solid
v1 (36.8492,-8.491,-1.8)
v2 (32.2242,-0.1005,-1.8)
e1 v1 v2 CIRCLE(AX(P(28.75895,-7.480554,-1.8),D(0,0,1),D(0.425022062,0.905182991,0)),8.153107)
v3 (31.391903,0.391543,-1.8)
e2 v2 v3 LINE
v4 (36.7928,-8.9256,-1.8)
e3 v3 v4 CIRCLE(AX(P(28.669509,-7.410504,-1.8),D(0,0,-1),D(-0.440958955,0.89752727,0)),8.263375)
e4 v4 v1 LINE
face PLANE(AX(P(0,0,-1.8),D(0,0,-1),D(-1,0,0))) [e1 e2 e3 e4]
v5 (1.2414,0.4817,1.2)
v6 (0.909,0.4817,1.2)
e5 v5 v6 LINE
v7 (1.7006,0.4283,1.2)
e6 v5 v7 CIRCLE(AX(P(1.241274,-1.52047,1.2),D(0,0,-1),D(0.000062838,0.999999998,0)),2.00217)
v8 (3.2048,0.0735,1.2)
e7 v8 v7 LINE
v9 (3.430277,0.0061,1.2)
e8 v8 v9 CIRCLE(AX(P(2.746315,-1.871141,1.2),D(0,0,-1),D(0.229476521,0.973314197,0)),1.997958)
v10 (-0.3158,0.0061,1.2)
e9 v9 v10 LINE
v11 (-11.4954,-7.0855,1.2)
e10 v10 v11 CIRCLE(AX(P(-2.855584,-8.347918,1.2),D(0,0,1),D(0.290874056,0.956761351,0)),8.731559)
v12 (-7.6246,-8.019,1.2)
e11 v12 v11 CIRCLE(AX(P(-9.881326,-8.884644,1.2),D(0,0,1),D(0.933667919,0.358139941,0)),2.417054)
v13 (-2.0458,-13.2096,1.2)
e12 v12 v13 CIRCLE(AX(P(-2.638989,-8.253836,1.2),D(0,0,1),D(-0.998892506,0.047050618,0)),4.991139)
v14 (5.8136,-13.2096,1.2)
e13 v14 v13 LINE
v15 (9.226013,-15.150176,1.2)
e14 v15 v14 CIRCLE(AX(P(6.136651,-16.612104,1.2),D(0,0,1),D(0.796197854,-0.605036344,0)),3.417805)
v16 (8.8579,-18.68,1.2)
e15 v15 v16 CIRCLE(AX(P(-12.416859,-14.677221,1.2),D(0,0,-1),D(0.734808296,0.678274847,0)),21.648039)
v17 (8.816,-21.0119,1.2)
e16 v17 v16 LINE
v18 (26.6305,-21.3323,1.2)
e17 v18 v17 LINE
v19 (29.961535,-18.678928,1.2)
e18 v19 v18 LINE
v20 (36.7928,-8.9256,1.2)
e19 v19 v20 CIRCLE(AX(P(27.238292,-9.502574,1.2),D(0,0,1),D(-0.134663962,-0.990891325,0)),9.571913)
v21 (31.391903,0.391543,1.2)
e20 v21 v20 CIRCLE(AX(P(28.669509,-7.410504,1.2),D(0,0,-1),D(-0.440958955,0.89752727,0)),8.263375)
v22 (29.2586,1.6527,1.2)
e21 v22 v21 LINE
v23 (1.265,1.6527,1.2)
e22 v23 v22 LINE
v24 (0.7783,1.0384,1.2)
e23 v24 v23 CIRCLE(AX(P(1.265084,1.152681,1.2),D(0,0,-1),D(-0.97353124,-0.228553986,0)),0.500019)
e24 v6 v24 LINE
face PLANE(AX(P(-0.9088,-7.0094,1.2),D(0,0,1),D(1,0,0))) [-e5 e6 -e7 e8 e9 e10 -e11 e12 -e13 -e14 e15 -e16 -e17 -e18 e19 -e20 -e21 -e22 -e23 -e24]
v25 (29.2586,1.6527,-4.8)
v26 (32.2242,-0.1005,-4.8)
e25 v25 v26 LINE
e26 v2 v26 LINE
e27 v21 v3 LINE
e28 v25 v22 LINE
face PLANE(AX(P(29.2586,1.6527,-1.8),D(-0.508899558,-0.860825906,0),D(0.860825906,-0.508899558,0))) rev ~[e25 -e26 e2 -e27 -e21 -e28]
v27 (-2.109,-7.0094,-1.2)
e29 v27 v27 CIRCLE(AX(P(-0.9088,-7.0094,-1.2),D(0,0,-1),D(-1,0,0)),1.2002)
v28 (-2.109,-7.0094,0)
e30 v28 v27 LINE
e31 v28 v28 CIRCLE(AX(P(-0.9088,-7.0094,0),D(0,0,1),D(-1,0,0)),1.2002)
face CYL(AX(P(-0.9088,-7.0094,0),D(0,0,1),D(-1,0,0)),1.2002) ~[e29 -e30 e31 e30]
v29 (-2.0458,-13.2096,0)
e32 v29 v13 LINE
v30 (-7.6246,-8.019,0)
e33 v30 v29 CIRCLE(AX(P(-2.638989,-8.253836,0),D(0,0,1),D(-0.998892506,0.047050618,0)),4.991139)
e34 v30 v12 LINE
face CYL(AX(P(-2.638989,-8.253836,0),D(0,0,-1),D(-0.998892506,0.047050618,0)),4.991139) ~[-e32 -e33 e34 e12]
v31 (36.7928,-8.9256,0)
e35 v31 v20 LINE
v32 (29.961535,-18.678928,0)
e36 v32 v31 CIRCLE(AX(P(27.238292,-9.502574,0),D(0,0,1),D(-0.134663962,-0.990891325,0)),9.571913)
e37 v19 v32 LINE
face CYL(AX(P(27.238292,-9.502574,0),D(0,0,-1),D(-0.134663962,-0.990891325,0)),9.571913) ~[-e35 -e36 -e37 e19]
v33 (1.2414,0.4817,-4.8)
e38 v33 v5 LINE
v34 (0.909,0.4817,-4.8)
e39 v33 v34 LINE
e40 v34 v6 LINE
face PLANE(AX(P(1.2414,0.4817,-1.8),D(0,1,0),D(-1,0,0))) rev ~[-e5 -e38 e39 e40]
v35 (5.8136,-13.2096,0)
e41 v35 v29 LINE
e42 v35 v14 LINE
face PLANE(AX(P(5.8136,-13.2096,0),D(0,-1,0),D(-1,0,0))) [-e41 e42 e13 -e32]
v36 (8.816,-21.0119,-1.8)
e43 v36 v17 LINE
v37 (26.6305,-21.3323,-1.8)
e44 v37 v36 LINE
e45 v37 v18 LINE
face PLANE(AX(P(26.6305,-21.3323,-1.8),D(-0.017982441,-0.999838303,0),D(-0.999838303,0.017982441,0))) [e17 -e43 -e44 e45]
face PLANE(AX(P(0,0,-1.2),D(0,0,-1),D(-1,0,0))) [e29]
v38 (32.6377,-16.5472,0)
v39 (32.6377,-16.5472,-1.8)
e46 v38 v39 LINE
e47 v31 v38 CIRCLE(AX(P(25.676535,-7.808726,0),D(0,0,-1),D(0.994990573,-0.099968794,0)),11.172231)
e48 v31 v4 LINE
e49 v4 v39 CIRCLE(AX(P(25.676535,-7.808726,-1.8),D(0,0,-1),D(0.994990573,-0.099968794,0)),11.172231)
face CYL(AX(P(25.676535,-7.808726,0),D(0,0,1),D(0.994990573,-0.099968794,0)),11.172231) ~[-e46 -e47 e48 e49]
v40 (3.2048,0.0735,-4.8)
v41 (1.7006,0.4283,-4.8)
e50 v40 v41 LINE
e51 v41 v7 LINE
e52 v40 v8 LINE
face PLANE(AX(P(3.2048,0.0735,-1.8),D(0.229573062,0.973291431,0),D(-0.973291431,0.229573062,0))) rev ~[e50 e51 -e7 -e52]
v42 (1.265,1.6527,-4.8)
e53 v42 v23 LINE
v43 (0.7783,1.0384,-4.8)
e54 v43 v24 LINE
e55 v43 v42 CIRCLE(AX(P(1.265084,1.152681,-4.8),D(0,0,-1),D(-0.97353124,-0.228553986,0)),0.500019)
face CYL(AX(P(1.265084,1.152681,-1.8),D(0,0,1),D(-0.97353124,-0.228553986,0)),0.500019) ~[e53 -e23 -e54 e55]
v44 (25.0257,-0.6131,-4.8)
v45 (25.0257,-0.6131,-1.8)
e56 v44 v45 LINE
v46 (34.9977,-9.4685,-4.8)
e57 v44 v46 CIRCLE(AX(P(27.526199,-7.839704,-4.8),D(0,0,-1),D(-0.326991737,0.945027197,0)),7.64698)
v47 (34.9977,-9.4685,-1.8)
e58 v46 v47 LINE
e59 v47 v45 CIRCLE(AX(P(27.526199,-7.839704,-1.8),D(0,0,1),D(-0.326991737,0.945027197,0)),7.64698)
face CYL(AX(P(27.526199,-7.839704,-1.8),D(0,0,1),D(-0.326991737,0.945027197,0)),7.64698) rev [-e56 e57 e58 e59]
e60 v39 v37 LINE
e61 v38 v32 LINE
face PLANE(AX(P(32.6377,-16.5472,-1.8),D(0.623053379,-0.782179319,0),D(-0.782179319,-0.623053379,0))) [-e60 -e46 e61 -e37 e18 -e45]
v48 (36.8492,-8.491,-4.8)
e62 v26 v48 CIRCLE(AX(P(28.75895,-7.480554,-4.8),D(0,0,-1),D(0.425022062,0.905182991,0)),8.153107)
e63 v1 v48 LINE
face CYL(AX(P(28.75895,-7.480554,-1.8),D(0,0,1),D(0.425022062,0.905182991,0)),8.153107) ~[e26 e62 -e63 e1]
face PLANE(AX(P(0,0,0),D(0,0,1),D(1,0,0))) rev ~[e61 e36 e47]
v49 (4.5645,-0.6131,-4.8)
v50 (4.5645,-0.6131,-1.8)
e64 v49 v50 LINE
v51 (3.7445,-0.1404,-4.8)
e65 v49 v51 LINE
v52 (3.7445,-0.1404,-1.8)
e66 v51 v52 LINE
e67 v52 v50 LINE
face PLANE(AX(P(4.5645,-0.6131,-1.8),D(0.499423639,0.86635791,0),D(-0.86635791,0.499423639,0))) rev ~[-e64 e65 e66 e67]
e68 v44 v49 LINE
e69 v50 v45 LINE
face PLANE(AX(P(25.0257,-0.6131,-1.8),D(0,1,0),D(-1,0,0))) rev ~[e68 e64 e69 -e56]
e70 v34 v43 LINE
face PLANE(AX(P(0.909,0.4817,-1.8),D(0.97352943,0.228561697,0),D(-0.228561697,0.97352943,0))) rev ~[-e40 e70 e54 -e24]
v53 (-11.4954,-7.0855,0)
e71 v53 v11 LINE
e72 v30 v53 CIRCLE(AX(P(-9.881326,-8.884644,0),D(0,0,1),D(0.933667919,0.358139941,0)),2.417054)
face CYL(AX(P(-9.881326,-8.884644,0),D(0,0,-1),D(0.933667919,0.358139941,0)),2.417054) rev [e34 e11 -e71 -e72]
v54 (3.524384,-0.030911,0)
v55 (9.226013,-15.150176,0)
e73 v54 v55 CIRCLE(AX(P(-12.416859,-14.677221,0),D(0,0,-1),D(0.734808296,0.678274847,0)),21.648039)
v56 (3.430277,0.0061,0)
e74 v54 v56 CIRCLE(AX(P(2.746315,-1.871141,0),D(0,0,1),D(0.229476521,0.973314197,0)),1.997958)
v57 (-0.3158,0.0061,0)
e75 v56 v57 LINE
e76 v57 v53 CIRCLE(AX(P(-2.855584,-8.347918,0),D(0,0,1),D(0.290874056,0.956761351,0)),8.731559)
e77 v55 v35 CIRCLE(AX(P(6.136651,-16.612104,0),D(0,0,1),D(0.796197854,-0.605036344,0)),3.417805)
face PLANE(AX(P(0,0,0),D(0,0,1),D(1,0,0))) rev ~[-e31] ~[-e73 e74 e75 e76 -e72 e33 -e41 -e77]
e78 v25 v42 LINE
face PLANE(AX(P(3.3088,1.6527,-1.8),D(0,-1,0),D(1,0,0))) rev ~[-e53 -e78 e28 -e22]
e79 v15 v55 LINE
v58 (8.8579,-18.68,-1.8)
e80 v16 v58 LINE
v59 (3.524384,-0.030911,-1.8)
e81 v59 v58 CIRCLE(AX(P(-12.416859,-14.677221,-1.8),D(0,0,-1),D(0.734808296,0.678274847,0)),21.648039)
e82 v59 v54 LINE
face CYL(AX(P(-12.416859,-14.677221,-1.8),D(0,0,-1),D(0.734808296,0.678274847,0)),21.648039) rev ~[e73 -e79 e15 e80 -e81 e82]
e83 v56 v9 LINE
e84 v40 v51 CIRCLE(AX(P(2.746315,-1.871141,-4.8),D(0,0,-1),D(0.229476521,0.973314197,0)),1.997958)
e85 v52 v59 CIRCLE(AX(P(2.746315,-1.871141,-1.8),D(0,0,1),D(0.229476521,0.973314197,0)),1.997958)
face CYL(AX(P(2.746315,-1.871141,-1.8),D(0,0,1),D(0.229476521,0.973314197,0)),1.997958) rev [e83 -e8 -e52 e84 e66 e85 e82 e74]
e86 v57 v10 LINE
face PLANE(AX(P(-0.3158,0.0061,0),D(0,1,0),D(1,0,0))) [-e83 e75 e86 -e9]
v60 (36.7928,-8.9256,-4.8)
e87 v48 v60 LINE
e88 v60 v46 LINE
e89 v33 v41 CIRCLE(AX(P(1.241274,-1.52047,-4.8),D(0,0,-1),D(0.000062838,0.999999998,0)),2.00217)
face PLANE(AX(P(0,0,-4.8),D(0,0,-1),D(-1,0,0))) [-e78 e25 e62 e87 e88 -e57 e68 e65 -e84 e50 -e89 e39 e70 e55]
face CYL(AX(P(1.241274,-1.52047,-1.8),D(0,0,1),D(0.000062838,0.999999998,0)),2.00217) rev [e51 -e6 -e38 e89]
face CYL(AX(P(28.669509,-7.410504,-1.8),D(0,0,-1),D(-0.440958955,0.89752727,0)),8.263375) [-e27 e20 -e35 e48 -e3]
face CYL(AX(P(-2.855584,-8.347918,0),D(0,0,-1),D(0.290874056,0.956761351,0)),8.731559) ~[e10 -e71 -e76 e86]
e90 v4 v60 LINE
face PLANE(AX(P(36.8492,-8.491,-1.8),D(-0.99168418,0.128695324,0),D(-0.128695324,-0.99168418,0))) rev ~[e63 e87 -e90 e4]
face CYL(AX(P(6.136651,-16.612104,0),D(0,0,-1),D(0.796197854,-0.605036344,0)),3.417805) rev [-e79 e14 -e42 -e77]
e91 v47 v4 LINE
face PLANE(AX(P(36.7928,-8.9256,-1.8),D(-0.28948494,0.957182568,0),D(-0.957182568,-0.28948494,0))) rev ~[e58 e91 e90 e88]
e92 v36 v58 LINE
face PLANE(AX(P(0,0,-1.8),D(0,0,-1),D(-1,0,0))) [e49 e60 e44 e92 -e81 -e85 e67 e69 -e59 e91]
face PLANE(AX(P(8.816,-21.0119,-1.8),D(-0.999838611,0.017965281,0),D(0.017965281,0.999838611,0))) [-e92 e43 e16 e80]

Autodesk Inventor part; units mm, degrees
ref_plane "YZ Plane" through (0, 0, 0) normal (1, 0, 0) x (0, 1, 0)
ref_plane "XZ Plane" through (0, 0, 0) normal (0, 1, 0) x (-1, 0, 0)
ref_plane "XY Plane" through (0, 0, 0) normal (0, 0, 1) x (1, 0, 0)
sketch "Boceto1" plane through (0, 0, 0) normal (0, 0, 1) x (1, 0, 0)
  line L0 (26.0808, -19.0043) -> (25.4762, -18.9788)
  line L1 (8.8579, -18.68) -> (25.4762, -18.9788)
  line L2 (0, 0.0061) -> (25.0257, 0.0061)
  line L3 (0, 0.0061) -> (25.0257, 0.0061)
  line L4 (-1.5746, -5.9665) -> (-0.3149, -5.9665)
  circle A0 centre (-0.9088, -7.0094) radius 1.2002
  arc A1 (25.9493, -18.9873) -> (36.7928, -8.9256) centre (27.2383, -9.5026) ccw
  line L5 (5.8136, -13.2096) -> (-2.0458, -13.2096)
  arc A2 (8.8579, -18.68) -> (5.8136, -13.2096) centre (6.1366, -16.6121) ccw
  arc A3 (-7.6246, -8.019) -> (-2.0458, -13.2096) centre (-2.6389, -8.2538) ccw
  line L6 (-7.6246, -8.019) -> (-7.6206, -7.9467)
  arc A4 (-7.6246, -8.019) -> (-11.4954, -7.0855) centre (-9.8812, -8.8845) ccw
  arc A5 (-0.3158, 0.0061) -> (-11.4954, -7.0855) centre (-2.8556, -8.3478) ccw
  line L7 (-0.3158, 0.0061) -> (0, 0.0061)
  arc A6 (36.7928, -8.9256) -> (25.0257, 0.0061) centre (28.6695, -7.4106) ccw
extrude "Extrusión1" add sketch "Boceto1" along normal blind 1.2
sketch "Boceto2" plane through (0, 0, 0) normal (0, 0, -1) x (-1, 0, 0)
  arc A0 (-3.4903, 0.0061) -> (-8.8579, -18.68) centre (12.417, -14.6773) ccw
  line L0 (-3.4903, 0.0061) -> (-25.0257, 0.0061)
  arc A1 (-25.0257, 0.0061) -> (-36.7928, -8.9256) centre (-28.6695, -7.4106) ccw projected
  arc A2 (-25.0257, 0.0061) -> (-36.7928, -8.9256) centre (-28.6695, -7.4106) ccw
  arc A3 (-36.7928, -8.9256) -> (-32.6377, -16.5472) centre (-25.6771, -7.8089) ccw
  line L1 (-32.6377, -16.5472) -> (-26.6305, -21.3323)
  line L2 (-26.6305, -21.3323) -> (-8.816, -21.0119)
  line L3 (-8.816, -21.0119) -> (-8.8579, -18.68)
  point P0 (0, 0)
  point P1 (-25.4762, -18.9788)
  point P2 (-27.1681, -7.0263)
  point P3 (-11.7669, -7.0263)
extrude "Extrusión2" add sketch "Boceto2" along normal blind 1.8
sketch "Boceto3" plane through (0, 0, -1.8) normal (0, 0, -1) x (-1, 0, 0)
  arc A0 (-32.2242, -0.1005) -> (-36.8492, -8.491) centre (-28.759, -7.4805) ccw
  line L0 (-36.7928, -8.9256) -> (-34.9977, -9.4685)
  arc A1 (-25.0257, -0.6131) -> (-34.9977, -9.4685) centre (-27.5262, -7.8397) ccw
  line L1 (-25.0257, -0.6131) -> (-4.5645, -0.6131)
  line L2 (-4.5645, -0.6131) -> (-3.7445, -0.1404)
  line L3 (-3.2048, 0.0735) -> (-1.7006, 0.4283)
  line L4 (-1.901, 1.6527) -> (-29.2586, 1.6527)
  line L5 (-29.2586, 1.6527) -> (-33.0913, -0.6131)
  line L6 (-36.8492, -8.491) -> (-36.7928, -8.9256)
  line L7 (-1.2414, 0.4817) -> (-0.909, 0.4817)
  line L8 (-0.909, 0.4817) -> (-0.7783, 1.0384)
  line L9 (-1.265, 1.6527) -> (-3.3088, 1.6527)
  arc A2 (-3.2048, 0.0735) -> (-3.7445, -0.1404) centre (-2.7457, -1.8731) ccw
  arc A3 (-1.2414, 0.4817) -> (-1.7006, 0.4283) centre (-1.2414, -1.5183) ccw
  arc A4 (-0.7783, 1.0384) -> (-1.265, 1.6527) centre (-1.265, 1.1527) ccw
  point P0 (-3.4903, 0.0061)
  point P1 (-26.0808, -19.0043)
  point P2 (-8.8579, -18.68)
  point P3 (-1.4741, 0.4817)
  point P4 (-36.5961, -8.5348)
  point P5 (-33.0913, -0.6131)
  dimension "d15" = 2
  dimension "d16" = 0.5
extrude "Extrusión3" add sketch "Boceto3" along normal mid plane 6
sketch "Boceto4" plane through (0, 0, 0) normal (0, 0, -1) x (-1, 0, 0)
  circle A0 centre (0.9088, -7.0094) radius 1.2002 projected
  circle A1 centre (0.9088, -7.0094) radius 1.2002
  point P0 (0, 0)
extrude "Extrusión4" add sketch "Boceto4" along normal blind 1.2
sketch "Boceto5" plane through (-0.9088, -7.0094, 0) normal (0, 0, 1) x (1, 0, 0)
  circle A0 centre (0, 0) radius 1.2002 projected
  circle A1 centre (0, 0) radius 1.2002
  point P0 (0.9088, 7.0094)
extrude "Extrusión5" add sketch "Boceto5" along normal blind 1.2
sketch "Boceto13" plane through (0, 0, -1.8) normal (0, 0, -1) x (-1, 0, 0)
  arc A0 (-3.4903, 0.0061) -> (-8.8579, -18.68) centre (12.417, -14.6773) ccw
  line L0 (-3.4903, 0.0061) -> (-25.0257, 0.0061)
  arc A1 (-25.0257, 0.0061) -> (-36.7928, -8.9256) centre (-28.6695, -7.4106) ccw
  arc A2 (-25.0257, 0.0061) -> (-36.7928, -8.9256) centre (-28.6695, -7.4106) ccw
  arc A3 (-36.7928, -8.9256) -> (-32.6377, -16.5472) centre (-25.6771, -7.8089) ccw
  line L1 (-32.6377, -16.5472) -> (-26.6305, -21.3323)
  line L2 (-26.6305, -21.3323) -> (-8.816, -21.0119)
  line L3 (-8.816, -21.0119) -> (-8.8579, -18.68)
  point P0 (0, 0)
  point P1 (0, 0)
  point P2 (-25.4762, -18.9788)
  point P3 (-27.1681, -7.0263)
  point P4 (-11.7669, -7.0263)
extrude "Extrusión8" add sketch "Boceto13" against normal blind 3
properties part number "Pieza4_3DPrint"
